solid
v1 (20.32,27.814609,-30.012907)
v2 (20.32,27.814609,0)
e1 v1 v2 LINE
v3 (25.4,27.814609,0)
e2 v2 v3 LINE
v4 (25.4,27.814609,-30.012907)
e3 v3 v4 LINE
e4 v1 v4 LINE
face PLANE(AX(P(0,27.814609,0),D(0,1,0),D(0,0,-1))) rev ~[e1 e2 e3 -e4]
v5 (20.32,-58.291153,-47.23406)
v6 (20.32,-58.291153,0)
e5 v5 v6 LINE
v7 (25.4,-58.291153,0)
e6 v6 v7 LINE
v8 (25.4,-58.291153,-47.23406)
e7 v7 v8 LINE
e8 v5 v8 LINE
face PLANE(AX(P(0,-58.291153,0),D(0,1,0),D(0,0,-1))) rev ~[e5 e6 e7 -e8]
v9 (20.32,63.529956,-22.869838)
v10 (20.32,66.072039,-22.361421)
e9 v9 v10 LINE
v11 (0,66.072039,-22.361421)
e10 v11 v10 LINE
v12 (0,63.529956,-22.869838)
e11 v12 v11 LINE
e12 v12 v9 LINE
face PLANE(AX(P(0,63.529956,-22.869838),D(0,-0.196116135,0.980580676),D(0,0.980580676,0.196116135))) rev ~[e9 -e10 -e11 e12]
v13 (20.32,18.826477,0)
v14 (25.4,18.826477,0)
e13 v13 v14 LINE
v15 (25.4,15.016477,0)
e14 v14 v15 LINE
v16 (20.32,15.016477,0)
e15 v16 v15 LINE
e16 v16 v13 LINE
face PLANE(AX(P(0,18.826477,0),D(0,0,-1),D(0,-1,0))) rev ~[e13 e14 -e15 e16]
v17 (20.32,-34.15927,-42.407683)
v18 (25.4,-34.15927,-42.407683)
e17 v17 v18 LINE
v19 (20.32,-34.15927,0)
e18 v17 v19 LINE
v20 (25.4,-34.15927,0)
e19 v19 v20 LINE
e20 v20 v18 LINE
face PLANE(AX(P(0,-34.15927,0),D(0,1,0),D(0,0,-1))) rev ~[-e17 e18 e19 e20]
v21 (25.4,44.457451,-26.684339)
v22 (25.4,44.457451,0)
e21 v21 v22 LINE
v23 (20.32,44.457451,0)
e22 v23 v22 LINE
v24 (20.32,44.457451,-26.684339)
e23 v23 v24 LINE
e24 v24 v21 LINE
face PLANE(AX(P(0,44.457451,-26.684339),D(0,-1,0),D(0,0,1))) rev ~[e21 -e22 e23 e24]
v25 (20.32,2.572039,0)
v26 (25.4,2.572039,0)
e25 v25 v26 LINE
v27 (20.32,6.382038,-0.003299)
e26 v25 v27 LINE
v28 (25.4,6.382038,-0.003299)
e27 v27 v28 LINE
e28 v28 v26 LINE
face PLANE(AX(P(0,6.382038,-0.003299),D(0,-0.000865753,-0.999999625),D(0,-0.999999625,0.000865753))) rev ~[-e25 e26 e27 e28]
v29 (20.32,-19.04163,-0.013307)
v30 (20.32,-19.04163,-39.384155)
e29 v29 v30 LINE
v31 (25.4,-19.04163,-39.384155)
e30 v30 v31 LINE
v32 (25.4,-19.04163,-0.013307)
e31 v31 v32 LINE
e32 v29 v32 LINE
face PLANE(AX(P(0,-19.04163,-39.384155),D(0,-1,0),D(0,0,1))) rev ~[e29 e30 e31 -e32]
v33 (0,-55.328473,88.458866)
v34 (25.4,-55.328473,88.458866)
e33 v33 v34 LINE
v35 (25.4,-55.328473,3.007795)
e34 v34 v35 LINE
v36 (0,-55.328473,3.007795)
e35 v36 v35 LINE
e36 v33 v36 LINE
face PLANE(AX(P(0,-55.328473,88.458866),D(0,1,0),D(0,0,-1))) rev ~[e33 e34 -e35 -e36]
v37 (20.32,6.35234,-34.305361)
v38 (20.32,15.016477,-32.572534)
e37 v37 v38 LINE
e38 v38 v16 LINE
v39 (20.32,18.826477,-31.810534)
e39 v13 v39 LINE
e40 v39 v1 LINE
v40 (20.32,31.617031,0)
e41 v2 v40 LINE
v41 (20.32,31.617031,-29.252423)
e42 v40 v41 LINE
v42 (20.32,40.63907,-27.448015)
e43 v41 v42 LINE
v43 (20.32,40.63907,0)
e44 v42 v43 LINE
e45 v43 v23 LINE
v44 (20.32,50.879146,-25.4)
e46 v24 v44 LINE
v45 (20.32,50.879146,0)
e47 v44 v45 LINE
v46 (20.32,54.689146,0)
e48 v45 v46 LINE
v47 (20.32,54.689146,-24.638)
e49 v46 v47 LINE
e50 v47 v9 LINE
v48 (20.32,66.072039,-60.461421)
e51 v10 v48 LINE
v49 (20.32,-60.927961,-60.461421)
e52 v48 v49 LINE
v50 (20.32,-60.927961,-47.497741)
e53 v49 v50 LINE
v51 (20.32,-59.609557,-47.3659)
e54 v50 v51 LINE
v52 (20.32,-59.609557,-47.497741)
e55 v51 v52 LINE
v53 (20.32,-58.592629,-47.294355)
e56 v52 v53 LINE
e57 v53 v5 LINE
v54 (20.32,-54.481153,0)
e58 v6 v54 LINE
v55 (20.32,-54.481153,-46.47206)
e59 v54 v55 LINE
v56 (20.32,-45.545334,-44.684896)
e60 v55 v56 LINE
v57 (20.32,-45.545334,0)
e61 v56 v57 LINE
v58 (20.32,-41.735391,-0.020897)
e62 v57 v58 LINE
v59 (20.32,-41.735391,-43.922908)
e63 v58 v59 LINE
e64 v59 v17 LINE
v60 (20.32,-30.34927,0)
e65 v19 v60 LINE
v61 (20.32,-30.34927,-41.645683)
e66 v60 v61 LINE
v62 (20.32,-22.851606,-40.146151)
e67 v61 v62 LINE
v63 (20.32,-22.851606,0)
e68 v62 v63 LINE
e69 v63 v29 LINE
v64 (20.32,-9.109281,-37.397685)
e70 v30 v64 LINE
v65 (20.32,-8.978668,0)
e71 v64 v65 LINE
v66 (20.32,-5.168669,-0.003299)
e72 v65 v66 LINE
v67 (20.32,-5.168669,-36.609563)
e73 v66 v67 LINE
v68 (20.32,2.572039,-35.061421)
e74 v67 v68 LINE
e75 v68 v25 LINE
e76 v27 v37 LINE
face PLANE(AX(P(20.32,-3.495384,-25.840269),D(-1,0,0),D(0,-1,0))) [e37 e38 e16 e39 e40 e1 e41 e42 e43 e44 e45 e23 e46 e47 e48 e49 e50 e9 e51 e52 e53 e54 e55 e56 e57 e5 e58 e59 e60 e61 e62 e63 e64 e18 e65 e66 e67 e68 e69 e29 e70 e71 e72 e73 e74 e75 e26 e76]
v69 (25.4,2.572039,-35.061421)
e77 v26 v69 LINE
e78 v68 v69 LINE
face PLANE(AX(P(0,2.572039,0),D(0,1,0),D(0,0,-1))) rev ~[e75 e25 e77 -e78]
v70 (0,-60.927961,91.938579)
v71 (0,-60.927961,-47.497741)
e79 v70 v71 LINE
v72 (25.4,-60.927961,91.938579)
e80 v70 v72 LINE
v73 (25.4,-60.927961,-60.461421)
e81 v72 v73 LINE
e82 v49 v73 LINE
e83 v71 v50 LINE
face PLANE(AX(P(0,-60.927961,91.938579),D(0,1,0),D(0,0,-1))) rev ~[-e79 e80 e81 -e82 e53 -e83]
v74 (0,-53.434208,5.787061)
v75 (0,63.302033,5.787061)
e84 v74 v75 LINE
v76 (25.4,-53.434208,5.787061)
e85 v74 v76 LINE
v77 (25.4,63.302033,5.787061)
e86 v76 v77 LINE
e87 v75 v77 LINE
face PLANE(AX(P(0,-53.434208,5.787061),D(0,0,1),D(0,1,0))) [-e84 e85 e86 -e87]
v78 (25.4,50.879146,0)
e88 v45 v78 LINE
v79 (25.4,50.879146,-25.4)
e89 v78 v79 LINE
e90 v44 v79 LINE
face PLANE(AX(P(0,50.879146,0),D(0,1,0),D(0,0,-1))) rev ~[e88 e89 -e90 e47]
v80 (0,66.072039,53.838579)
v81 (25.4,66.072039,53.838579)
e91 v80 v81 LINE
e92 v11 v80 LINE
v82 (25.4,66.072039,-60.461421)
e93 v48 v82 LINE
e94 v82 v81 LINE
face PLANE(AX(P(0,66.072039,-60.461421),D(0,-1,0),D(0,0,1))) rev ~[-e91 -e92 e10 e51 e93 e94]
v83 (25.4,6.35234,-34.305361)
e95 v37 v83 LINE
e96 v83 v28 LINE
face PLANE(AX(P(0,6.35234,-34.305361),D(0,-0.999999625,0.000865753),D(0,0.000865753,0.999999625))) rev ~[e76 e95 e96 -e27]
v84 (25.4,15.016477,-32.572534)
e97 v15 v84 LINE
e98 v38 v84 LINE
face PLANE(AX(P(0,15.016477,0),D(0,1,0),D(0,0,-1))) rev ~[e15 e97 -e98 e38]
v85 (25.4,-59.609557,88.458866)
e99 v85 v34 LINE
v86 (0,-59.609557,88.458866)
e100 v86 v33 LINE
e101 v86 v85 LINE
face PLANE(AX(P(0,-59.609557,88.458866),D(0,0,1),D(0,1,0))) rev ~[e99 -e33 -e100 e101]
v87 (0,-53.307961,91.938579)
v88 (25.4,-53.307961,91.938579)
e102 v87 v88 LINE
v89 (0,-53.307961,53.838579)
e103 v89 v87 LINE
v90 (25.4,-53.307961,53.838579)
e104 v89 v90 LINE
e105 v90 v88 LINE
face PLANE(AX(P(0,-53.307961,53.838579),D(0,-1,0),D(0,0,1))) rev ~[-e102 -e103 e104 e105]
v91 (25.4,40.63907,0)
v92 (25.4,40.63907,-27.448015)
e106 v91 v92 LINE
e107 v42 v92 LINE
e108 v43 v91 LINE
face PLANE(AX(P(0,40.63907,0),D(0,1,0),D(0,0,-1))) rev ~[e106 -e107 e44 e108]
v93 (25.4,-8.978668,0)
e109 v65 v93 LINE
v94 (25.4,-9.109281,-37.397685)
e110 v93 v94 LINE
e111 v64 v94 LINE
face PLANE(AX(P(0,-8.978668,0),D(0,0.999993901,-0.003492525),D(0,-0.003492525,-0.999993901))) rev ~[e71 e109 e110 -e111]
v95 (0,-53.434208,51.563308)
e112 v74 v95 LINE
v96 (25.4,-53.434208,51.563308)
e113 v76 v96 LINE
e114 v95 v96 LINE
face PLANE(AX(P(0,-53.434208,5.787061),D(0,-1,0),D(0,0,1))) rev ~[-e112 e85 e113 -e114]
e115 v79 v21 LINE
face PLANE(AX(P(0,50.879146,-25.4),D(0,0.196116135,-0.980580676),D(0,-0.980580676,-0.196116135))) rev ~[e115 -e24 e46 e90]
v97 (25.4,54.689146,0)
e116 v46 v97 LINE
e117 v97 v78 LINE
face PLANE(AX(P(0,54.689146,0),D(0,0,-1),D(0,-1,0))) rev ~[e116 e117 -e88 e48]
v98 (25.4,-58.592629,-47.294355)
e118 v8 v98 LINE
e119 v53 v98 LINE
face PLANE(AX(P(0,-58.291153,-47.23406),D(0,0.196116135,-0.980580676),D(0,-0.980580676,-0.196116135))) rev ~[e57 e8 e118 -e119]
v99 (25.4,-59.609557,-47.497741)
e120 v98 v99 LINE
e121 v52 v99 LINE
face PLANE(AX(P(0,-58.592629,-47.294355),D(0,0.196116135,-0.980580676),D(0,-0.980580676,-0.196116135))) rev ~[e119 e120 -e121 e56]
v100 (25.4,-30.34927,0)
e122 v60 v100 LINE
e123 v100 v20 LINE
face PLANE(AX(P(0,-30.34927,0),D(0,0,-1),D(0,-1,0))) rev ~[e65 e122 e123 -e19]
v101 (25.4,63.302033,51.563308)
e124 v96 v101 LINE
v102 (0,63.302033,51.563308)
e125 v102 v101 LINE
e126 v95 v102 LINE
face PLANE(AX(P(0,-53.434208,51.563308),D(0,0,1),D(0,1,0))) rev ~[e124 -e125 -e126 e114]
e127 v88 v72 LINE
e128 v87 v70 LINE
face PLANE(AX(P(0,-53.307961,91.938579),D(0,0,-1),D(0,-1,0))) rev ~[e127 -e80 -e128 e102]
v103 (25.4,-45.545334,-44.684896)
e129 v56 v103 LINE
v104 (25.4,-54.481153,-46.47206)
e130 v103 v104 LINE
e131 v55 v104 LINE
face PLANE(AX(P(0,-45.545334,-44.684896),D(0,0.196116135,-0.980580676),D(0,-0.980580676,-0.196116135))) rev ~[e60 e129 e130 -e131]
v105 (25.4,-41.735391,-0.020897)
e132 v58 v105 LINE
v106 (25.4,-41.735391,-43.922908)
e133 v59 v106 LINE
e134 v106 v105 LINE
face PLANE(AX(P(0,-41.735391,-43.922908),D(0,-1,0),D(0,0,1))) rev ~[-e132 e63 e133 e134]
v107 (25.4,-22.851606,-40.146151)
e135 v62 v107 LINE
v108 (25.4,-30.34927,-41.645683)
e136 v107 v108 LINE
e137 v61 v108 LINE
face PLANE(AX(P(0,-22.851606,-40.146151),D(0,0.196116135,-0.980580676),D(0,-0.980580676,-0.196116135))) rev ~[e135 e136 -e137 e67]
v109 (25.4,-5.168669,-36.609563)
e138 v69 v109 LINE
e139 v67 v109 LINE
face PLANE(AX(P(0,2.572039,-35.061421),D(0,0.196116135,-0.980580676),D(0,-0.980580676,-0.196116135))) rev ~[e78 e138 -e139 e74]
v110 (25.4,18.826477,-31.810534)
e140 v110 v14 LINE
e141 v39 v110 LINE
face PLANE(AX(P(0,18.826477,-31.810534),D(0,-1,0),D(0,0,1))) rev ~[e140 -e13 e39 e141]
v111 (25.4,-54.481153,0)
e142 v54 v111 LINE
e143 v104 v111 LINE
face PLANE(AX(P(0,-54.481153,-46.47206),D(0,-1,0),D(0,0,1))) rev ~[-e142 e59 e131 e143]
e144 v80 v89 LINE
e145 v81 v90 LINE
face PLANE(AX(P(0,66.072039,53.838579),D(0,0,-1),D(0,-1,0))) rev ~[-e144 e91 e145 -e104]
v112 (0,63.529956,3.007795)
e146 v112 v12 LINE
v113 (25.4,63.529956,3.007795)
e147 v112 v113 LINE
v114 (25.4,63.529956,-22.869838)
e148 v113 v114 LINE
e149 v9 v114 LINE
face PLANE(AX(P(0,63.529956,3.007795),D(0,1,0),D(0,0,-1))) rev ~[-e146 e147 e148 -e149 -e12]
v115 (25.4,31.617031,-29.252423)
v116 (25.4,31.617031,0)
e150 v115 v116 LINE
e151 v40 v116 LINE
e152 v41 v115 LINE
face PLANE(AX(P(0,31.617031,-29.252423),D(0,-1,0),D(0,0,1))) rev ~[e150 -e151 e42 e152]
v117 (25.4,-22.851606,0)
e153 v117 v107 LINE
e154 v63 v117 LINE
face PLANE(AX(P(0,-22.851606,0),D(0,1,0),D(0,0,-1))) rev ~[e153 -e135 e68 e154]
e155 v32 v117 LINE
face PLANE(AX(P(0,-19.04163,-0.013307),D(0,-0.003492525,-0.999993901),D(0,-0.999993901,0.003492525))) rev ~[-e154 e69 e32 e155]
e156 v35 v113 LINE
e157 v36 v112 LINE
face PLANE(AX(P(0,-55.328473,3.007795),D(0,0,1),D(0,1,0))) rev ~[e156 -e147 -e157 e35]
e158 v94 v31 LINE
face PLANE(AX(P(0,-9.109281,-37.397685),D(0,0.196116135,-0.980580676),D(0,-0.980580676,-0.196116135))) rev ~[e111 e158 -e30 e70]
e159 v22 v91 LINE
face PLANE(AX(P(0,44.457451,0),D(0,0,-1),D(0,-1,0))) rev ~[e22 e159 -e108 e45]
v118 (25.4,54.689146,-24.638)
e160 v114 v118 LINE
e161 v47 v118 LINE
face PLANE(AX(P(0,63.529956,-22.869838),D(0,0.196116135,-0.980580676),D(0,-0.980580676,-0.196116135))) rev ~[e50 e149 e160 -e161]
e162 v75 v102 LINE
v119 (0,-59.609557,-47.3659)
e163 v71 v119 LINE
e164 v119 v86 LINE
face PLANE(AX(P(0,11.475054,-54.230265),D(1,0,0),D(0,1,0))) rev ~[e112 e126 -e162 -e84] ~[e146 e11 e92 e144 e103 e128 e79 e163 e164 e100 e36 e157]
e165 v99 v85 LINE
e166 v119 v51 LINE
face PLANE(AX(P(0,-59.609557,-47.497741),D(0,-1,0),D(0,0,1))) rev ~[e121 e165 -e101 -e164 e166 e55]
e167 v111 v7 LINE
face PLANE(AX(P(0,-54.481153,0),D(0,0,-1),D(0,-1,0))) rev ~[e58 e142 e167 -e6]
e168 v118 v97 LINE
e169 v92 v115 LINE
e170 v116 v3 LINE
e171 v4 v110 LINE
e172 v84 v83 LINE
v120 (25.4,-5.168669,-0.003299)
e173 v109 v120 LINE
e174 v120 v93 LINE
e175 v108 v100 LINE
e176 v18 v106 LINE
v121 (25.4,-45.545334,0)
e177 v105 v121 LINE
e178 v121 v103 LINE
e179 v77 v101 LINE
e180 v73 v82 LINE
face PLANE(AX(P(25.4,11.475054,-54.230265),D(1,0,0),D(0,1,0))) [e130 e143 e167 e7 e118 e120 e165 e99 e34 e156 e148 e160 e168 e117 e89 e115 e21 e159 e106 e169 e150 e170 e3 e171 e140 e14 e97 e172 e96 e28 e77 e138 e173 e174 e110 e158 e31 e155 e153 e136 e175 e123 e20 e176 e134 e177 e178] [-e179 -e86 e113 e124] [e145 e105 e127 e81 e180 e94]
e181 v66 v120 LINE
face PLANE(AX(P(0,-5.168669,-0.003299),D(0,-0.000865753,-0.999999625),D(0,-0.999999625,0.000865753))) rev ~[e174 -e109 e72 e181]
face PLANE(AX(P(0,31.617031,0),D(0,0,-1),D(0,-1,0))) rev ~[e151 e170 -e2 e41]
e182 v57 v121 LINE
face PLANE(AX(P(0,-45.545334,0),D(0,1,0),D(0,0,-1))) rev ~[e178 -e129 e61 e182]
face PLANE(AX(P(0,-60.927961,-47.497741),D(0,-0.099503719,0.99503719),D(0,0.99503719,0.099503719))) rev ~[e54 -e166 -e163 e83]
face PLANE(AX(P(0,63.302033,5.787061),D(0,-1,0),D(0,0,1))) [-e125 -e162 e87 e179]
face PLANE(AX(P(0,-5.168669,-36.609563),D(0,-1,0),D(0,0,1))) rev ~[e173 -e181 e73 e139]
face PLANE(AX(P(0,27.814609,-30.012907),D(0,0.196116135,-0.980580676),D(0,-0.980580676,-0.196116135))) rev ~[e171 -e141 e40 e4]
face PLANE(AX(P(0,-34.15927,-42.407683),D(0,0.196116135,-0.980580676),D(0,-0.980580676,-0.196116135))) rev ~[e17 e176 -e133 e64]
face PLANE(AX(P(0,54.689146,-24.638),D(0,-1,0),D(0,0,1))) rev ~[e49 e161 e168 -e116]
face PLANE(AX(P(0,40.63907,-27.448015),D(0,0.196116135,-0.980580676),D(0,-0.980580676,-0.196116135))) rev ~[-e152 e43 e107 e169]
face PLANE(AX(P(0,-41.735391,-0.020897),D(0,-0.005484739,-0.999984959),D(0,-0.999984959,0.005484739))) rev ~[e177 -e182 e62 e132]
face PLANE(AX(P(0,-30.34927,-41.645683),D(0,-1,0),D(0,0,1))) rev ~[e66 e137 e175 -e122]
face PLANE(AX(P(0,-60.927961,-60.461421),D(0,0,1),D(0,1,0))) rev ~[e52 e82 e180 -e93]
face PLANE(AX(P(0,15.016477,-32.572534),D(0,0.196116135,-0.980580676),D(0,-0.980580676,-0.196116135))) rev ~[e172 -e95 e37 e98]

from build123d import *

# Parameters (mm, degrees)
F0_W     = 116.736240685
F0_H     = 45.7762465812
F1_DEPTH = 25.4
F3_DEPTH = 20.32


with BuildPart() as f1:
    # F0 (on Right) → F1 (new body)
    with BuildSketch(Plane.YZ):
        Polygon((-60.9279610217, -47.761421484), (-60.9279610217, -60.461421484), (66.0720389783, -60.461421484), (66.0720389783, -45.2970974147), (66.0720389783, -42.7577458322), (66.0720389783, -40.2231365442), (66.0720389783, -37.6602597535), (66.0720389783, -35.1163968444), (66.0720389783, -32.5725339353), (66.0720389783, -30.0129074603), (66.0720389783, -27.4480152875), (66.0720389783, -25.4), (66.0720389783, -22.361421484), (63.5299555494, -22.8698381698), (63.5299555494, -56.7358210683), (-58.5926286876, -56.7358210683), (-58.5926286876, -47.2943550172), (-59.6095568016, -47.49774064), align=None)
        Polygon((-60.9279610217, 3.0077947435), (-60.9279610217, -47.761421484), (-59.6095568016, -47.49774064), (-59.6095568016, -16.7404655367), (-59.6095568016, 3.0077947435), align=None)
        Polygon((-60.9279610217, 53.8077947435), (-60.9279610217, 3.0077947435), (-59.6095568016, 3.0077947435), (-59.6095568016, 88.458865881), (-55.3284734488, 88.458865881), (-55.3284734488, 54.3211102486), (-55.3284734488, 3.0077947435), (63.5299555494, 3.0077947435), (66.0720389783, 3.0077947435), (66.0720389783, 53.838578516), (-53.3079610217, 53.838578516), (-53.3079610217, 91.938578516), (-60.9279610217, 91.938578516), align=None)
        with Locations((4.933912307, 28.6751843523)):
            Rectangle(F0_W, F0_H, mode=Mode.SUBTRACT)
        Polygon((66.0720389783, 3.0077947435), (63.5299555494, 3.0077947435), (63.5299555494, -22.8698381698), (66.0720389783, -22.361421484), align=None)
        Polygon((-58.2911525815, -47.234059796), (-58.5926286876, -47.2943550172), (-58.5926286876, -56.7358210683), (63.5299555494, -56.7358210683), (63.5299555494, -22.8698381698), (54.6891463984, -24.638), (54.6891463984, 0), (50.8791463984, 0), (50.8791463984, -25.4), (44.4574505091, -26.6843391779), (44.4574505091, 0), (40.6390699608, 0), (40.6390699608, -27.4480152875), (31.6170305014, -29.2524231794), (31.6170305014, 0), (27.8146090967, 0), (27.8146090967, -30.0129074603), (18.8264767218, -31.8105339353), (18.8264767218, 0), (15.0164767218, 0), (15.0164767218, -32.5725339353), (6.3523404126, -34.3053611972), (6.3820375505, -0.0032985204), (2.5720389783, 0), (2.5720389783, -35.061421484), (-5.1686692631, -36.6095631323), (-5.1686692631, -0.0032985204), (-8.9786678353, 0), (-9.1092809997, -37.3976854796), (-19.0416296813, -39.3841552159), (-19.0416296813, -0.0133065219), (-22.8516064445, 0), (-22.8516064445, -40.1461505686), (-30.3492701047, -41.6456833006), (-30.3492701047, 0), (-34.1592701047, 0), (-34.1592701047, -42.4076833006), (-41.7353913358, -43.9229075468), (-41.7353913358, -0.0208968543), (-45.5453340285, 0), (-45.5453340285, -44.6848960854), (-54.4811525815, -46.472059796), (-54.4811525815, 0), (-58.2911525815, 0), align=None)
    extrude(amount=F1_DEPTH)

    # F2 (on face) → F3 (cut)
    with BuildSketch(Plane(origin=(0, 0, 0), x_dir=(0, -1, 0), z_dir=(-1, 0, 0))):
        Polygon((-66.0720389783, -22.361421484), (-66.0720389783, -22.8698381698), (-66.0720389783, -60.461421484), (60.9279610217, -60.461421484), (60.9279610217, -47.49774064), (59.6095568016, -47.365900218), (59.6095568016, -47.49774064), (58.2911525815, -47.234059796), (58.2911525815, 0), (54.4811525815, 0), (54.4811525815, -46.472059796), (45.5453340285, -44.6848960854), (45.5453340285, 0), (41.7353913358, -0.0208968543), (41.7353913358, -43.9229075468), (34.1592701047, -42.4076833006), (34.1592701047, 0), (30.3492701047, 0), (30.3492701047, -41.6456833006), (22.8516064445, -40.1461505686), (22.8516064445, 0), (19.0416296813, -0.0133065219), (19.0416296813, -39.3841552159), (9.1092809997, -37.3976854796), (8.9786678353, 0), (5.1686692631, -0.0032985204), (5.1686692631, -36.6095631323), (-2.5720389783, -35.061421484), (-2.5720389783, 0), (-6.3820375505, -0.0032985204), (-6.3523404126, -34.3053611972), (-15.0164767218, -32.5725339353), (-15.0164767218, 0), (-18.8264767218, 0), (-18.8264767218, -31.8105339353), (-27.8146090967, -30.0129074603), (-27.8146090967, 0), (-31.6170305014, 0), (-31.6170305014, -29.2524231794), (-40.6390699608, -27.4480152875), (-40.6390699608, 0), (-44.4574505091, 0), (-44.4574505091, -26.6843391779), (-50.8791463984, -25.4), (-50.8791463984, 0), (-54.6891463984, 0), (-54.6891463984, -24.638), (-63.5299555494, -22.8698381698), align=None)
    extrude(amount=-F3_DEPTH, mode=Mode.SUBTRACT)


solid = f1.part
